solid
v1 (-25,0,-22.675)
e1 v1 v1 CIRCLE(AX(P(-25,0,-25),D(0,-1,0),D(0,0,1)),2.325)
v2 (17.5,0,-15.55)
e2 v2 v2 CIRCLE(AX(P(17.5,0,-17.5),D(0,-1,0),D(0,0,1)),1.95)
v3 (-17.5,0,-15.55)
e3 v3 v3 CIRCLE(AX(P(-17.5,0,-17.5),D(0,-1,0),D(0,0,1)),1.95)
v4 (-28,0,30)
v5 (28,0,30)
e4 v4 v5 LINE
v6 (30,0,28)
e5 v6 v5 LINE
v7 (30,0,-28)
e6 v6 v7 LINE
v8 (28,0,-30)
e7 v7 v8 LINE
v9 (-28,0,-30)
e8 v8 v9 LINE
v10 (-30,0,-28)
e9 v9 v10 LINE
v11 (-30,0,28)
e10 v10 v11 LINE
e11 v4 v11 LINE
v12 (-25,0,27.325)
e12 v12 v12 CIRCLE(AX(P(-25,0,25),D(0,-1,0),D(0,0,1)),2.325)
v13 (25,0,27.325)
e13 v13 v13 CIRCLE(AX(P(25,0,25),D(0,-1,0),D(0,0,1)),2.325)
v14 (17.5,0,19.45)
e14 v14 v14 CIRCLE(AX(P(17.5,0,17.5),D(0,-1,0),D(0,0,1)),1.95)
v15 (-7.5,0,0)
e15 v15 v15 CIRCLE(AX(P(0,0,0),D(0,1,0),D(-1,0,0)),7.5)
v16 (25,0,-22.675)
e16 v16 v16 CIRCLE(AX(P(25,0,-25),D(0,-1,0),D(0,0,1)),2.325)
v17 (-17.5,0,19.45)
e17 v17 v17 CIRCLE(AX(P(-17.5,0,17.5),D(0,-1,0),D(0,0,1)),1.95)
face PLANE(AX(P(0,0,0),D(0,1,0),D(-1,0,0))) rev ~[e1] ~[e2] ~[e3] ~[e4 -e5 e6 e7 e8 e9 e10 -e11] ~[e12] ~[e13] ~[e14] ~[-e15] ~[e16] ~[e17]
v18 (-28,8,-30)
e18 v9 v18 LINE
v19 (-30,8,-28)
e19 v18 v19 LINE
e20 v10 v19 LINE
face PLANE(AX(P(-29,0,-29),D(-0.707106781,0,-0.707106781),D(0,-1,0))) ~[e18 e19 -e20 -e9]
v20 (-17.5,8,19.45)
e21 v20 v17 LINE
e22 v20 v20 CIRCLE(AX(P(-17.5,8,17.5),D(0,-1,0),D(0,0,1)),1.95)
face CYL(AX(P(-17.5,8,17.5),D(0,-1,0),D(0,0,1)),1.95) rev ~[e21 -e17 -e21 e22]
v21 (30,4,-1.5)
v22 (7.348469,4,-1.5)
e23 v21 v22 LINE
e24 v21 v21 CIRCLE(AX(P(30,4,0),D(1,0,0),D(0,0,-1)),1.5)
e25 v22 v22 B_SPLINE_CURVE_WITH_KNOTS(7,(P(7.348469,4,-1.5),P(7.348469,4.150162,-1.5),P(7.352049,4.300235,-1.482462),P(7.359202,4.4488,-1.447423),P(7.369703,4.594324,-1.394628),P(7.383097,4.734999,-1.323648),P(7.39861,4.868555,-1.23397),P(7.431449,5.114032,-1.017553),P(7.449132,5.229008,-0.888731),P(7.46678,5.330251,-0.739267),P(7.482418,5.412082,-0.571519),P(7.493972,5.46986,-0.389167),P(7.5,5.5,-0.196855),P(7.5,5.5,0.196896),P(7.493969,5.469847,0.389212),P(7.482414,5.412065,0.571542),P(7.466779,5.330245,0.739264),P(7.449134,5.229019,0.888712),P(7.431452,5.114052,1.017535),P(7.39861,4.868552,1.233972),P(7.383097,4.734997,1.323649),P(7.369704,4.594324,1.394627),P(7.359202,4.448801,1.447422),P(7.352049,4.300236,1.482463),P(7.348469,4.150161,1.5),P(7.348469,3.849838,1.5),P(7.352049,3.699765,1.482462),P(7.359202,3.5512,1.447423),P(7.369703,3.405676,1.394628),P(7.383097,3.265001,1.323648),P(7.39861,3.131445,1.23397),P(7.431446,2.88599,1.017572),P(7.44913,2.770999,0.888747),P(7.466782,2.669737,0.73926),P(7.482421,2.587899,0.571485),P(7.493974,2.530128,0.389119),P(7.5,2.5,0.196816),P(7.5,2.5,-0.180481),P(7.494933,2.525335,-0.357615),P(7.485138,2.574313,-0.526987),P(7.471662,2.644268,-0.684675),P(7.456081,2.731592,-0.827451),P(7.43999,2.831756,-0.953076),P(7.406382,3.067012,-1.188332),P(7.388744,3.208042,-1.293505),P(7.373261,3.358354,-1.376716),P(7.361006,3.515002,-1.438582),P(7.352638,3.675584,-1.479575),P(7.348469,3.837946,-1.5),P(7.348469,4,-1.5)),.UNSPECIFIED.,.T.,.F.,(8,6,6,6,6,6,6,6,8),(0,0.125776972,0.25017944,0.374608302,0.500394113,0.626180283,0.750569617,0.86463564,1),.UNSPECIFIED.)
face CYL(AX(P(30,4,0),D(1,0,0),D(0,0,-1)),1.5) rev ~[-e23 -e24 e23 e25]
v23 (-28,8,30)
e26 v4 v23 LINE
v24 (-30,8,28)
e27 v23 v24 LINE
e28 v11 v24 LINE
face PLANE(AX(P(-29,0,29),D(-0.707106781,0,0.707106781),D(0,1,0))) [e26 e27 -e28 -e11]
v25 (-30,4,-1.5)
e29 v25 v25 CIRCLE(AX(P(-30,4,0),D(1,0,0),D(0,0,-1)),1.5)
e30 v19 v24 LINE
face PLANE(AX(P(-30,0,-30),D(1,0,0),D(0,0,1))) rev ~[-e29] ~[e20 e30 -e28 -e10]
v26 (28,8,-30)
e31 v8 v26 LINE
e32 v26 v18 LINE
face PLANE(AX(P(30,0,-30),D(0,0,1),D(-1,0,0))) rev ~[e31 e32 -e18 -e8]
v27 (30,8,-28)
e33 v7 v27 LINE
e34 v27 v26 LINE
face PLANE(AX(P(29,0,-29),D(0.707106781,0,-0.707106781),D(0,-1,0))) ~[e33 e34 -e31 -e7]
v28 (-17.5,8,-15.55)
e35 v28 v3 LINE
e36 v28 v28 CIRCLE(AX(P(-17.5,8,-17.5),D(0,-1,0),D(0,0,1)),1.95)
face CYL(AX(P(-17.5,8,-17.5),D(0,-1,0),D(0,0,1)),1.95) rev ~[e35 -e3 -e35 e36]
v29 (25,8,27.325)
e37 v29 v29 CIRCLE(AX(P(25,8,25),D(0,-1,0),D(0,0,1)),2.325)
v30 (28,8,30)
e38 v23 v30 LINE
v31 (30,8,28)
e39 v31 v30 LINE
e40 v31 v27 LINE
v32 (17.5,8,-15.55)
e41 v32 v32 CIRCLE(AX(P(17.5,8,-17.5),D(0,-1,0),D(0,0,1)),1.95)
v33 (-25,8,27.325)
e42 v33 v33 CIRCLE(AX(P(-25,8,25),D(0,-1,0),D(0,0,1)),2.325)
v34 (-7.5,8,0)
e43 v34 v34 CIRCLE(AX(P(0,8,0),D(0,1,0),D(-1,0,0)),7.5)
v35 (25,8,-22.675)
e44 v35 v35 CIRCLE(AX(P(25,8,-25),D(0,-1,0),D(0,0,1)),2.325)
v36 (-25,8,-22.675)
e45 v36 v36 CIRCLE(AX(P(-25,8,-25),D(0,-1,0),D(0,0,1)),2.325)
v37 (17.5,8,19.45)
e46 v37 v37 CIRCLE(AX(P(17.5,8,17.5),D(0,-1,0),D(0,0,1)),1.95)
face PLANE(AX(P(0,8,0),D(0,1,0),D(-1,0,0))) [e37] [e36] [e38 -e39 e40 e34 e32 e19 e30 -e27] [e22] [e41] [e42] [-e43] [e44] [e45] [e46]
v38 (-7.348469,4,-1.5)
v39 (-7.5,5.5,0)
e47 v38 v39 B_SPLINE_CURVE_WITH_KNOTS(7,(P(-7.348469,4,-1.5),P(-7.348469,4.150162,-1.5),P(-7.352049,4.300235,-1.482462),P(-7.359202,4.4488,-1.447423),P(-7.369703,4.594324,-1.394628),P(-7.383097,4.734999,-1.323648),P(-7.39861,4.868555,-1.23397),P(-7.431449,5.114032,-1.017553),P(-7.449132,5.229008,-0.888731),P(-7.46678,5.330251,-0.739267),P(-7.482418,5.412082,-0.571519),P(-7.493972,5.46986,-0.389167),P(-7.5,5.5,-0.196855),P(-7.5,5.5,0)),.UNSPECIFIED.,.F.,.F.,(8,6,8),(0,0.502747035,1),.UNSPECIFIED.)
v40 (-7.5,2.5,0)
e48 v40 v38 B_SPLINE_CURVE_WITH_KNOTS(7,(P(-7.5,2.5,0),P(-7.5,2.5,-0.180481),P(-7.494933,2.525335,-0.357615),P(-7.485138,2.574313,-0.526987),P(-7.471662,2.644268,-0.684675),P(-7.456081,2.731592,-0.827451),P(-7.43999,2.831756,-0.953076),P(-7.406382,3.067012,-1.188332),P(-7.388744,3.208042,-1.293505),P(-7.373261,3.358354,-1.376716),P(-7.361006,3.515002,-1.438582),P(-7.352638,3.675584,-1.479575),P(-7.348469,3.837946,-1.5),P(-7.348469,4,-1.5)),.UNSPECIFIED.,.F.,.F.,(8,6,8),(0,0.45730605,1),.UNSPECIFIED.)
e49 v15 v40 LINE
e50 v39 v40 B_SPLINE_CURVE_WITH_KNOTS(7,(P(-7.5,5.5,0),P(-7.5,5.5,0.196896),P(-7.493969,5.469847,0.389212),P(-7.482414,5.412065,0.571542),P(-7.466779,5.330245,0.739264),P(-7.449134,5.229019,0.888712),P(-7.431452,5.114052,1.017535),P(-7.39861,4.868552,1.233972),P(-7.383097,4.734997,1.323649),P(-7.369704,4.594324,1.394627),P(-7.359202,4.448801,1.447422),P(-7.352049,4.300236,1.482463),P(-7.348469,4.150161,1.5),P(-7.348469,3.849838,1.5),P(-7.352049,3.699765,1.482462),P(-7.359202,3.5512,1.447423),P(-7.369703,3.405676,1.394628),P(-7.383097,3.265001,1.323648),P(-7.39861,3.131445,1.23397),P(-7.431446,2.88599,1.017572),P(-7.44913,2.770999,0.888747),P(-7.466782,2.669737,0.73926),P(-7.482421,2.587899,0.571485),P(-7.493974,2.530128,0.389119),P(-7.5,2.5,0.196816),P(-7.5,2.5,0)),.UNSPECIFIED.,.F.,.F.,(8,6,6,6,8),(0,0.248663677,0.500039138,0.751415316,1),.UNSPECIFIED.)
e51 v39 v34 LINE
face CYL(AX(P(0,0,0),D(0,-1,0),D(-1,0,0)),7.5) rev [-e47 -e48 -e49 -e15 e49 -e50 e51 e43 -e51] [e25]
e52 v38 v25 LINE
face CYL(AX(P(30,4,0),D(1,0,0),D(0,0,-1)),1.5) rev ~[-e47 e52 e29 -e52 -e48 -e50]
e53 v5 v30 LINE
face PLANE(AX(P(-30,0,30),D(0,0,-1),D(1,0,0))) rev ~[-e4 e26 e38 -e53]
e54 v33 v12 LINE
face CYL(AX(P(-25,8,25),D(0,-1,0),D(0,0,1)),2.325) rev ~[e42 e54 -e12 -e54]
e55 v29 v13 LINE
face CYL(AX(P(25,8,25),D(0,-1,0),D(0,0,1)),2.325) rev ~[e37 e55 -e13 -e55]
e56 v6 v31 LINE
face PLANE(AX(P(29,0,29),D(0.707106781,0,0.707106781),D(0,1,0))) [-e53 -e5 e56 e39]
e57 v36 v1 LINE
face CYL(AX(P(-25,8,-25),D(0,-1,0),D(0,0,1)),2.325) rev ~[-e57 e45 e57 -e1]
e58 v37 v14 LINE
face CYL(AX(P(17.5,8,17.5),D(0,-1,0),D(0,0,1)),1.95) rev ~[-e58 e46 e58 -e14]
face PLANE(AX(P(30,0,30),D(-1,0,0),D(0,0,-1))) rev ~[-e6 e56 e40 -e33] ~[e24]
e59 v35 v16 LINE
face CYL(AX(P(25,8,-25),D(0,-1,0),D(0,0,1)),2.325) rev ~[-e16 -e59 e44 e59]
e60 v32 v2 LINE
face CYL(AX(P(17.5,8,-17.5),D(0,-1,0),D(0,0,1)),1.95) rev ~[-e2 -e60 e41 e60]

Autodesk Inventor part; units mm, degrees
ref_plane "YZ Plane" through (0, 0, 0) normal (1, 0, 0) x (0, 1, 0)
ref_plane "XZ Plane" through (0, 0, 0) normal (0, 1, 0) x (-1, 0, 0)
ref_plane "XY Plane" through (0, 0, 0) normal (0, 0, 1) x (1, 0, 0)
sketch "Sketch1" plane through (0, 0, 0) normal (0, 1, 0) x (-1, 0, 0)
  line L0 (-30, -30) -> (30, -30)
  line L1 (30, -30) -> (30, 30)
  line L2 (30, 30) -> (-30, 30)
  line L3 (-30, 30) -> (-30, -30)
  line L4 (-30, -30) -> (30, 30) construction
  line L5 (30, -30) -> (-30, 30) construction
  circle A0 centre (0, 0) radius 7.5
  dimension "d0" = 60
  dimension "d1" = 60
  dimension "d13" = 15
extrude "Extrusion1" add sketch "Sketch1" along normal blind 8
sketch "Sketch2" plane through (0, 8, 0) normal (0, 1, 0) x (1, 0, 0)
  line L0 (30, 30) -> (-30, 30) projected
  line L1 (-30, 30) -> (-30, -30) projected
  line L2 (-30, -30) -> (30, -30) projected
  line L3 (30, -30) -> (30, 30) projected
  line L4 (17.5, -17.5) -> (-17.5, -17.5)
  line L5 (-17.5, -17.5) -> (-17.5, 17.5)
  line L6 (-17.5, 17.5) -> (17.5, 17.5)
  line L7 (17.5, 17.5) -> (17.5, -17.5)
  line L8 (17.5, -17.5) -> (-17.5, 17.5) construction
  line L9 (-17.5, -17.5) -> (17.5, 17.5) construction
  line L10 (0, -17.5) -> (0, 17.5)
  line L11 (-17.5, 0) -> (17.5, 0)
  point P0 (0, 0)
  dimension "d4" = 35
  dimension "d5" = 35
hole "Hole1" at (-17.5, 8, 17.5) at (-17.5, 8, -17.5) at (17.5, 8, -17.5) at (17.5, 8, 17.5) direction (0, -1, 0) diameter 3.9 depth 10 tip angle 118
chamfer "Chamfer1" distance 2 angle 45 4 edges at (30, 4, 30) (30, 4, -30) (-30, 4, -30) (-30, 4, 30)
sketch "Sketch3" plane through (0, 8, 0) normal (0, 1, 0) x (1, 0, 0)
  line L0 (-28, -30) -> (-30, -28) projected
  line L1 (-28, -30) -> (28, -30) projected
  line L2 (30, -28) -> (28, -30) projected
  line L3 (30, -28) -> (30, 28) projected
  line L4 (28, 30) -> (30, 28) projected
  line L5 (28, 30) -> (-28, 30) projected
  line L6 (-30, 28) -> (-28, 30) projected
  line L7 (-30, 28) -> (-30, -28) projected
  circle A0 centre (17.5, 17.5) radius 1.95 projected
  circle A1 centre (-17.5, -17.5) radius 1.95 projected
  circle A2 centre (-17.5, 17.5) radius 1.95 projected
  circle A3 centre (17.5, -17.5) radius 1.95 projected
  circle A4 centre (0, 0) radius 7.5 projected
  line L8 (25, -25) -> (-25, -25)
  line L9 (-25, -25) -> (-25, 25)
  line L10 (-25, 25) -> (25, 25)
  line L11 (25, 25) -> (25, -25)
  line L12 (25, -25) -> (-25, 25) construction
  line L13 (-25, -25) -> (25, 25) construction
  dimension "d17" = 50
  dimension "d18" = 50
hole "Hole2" at (-25, 8, -25) at (25, 8, -25) at (25, 8, 25) at (-25, 8, 25) direction (0, -1, 0) diameter 4.65 end through all
sketch "Sketch4" plane through (30, 0, 28) normal (1, 0, 0) x (0, 0, -1)
  line L0 (56, 8) -> (56, 0) projected
  line L1 (0, 8) -> (56, 8) projected
  line L2 (0, 0) -> (0, 8) projected
  line L3 (0, 0) -> (56, 0) projected
  circle A0 centre (28, 4) radius 1.5
  line L4 (-2, 8) -> (-2, 0) projected
  point P0 (28, 0)
  dimension "d26" = 3
  dimension "d27" = 4
  dimension "d28" = 30
extrude "Extrusion2" cut sketch "Sketch4" against normal through all contours A0
properties part number "00_XY_stage-CHUO_SEIKI_LD-647-R1-Top"
